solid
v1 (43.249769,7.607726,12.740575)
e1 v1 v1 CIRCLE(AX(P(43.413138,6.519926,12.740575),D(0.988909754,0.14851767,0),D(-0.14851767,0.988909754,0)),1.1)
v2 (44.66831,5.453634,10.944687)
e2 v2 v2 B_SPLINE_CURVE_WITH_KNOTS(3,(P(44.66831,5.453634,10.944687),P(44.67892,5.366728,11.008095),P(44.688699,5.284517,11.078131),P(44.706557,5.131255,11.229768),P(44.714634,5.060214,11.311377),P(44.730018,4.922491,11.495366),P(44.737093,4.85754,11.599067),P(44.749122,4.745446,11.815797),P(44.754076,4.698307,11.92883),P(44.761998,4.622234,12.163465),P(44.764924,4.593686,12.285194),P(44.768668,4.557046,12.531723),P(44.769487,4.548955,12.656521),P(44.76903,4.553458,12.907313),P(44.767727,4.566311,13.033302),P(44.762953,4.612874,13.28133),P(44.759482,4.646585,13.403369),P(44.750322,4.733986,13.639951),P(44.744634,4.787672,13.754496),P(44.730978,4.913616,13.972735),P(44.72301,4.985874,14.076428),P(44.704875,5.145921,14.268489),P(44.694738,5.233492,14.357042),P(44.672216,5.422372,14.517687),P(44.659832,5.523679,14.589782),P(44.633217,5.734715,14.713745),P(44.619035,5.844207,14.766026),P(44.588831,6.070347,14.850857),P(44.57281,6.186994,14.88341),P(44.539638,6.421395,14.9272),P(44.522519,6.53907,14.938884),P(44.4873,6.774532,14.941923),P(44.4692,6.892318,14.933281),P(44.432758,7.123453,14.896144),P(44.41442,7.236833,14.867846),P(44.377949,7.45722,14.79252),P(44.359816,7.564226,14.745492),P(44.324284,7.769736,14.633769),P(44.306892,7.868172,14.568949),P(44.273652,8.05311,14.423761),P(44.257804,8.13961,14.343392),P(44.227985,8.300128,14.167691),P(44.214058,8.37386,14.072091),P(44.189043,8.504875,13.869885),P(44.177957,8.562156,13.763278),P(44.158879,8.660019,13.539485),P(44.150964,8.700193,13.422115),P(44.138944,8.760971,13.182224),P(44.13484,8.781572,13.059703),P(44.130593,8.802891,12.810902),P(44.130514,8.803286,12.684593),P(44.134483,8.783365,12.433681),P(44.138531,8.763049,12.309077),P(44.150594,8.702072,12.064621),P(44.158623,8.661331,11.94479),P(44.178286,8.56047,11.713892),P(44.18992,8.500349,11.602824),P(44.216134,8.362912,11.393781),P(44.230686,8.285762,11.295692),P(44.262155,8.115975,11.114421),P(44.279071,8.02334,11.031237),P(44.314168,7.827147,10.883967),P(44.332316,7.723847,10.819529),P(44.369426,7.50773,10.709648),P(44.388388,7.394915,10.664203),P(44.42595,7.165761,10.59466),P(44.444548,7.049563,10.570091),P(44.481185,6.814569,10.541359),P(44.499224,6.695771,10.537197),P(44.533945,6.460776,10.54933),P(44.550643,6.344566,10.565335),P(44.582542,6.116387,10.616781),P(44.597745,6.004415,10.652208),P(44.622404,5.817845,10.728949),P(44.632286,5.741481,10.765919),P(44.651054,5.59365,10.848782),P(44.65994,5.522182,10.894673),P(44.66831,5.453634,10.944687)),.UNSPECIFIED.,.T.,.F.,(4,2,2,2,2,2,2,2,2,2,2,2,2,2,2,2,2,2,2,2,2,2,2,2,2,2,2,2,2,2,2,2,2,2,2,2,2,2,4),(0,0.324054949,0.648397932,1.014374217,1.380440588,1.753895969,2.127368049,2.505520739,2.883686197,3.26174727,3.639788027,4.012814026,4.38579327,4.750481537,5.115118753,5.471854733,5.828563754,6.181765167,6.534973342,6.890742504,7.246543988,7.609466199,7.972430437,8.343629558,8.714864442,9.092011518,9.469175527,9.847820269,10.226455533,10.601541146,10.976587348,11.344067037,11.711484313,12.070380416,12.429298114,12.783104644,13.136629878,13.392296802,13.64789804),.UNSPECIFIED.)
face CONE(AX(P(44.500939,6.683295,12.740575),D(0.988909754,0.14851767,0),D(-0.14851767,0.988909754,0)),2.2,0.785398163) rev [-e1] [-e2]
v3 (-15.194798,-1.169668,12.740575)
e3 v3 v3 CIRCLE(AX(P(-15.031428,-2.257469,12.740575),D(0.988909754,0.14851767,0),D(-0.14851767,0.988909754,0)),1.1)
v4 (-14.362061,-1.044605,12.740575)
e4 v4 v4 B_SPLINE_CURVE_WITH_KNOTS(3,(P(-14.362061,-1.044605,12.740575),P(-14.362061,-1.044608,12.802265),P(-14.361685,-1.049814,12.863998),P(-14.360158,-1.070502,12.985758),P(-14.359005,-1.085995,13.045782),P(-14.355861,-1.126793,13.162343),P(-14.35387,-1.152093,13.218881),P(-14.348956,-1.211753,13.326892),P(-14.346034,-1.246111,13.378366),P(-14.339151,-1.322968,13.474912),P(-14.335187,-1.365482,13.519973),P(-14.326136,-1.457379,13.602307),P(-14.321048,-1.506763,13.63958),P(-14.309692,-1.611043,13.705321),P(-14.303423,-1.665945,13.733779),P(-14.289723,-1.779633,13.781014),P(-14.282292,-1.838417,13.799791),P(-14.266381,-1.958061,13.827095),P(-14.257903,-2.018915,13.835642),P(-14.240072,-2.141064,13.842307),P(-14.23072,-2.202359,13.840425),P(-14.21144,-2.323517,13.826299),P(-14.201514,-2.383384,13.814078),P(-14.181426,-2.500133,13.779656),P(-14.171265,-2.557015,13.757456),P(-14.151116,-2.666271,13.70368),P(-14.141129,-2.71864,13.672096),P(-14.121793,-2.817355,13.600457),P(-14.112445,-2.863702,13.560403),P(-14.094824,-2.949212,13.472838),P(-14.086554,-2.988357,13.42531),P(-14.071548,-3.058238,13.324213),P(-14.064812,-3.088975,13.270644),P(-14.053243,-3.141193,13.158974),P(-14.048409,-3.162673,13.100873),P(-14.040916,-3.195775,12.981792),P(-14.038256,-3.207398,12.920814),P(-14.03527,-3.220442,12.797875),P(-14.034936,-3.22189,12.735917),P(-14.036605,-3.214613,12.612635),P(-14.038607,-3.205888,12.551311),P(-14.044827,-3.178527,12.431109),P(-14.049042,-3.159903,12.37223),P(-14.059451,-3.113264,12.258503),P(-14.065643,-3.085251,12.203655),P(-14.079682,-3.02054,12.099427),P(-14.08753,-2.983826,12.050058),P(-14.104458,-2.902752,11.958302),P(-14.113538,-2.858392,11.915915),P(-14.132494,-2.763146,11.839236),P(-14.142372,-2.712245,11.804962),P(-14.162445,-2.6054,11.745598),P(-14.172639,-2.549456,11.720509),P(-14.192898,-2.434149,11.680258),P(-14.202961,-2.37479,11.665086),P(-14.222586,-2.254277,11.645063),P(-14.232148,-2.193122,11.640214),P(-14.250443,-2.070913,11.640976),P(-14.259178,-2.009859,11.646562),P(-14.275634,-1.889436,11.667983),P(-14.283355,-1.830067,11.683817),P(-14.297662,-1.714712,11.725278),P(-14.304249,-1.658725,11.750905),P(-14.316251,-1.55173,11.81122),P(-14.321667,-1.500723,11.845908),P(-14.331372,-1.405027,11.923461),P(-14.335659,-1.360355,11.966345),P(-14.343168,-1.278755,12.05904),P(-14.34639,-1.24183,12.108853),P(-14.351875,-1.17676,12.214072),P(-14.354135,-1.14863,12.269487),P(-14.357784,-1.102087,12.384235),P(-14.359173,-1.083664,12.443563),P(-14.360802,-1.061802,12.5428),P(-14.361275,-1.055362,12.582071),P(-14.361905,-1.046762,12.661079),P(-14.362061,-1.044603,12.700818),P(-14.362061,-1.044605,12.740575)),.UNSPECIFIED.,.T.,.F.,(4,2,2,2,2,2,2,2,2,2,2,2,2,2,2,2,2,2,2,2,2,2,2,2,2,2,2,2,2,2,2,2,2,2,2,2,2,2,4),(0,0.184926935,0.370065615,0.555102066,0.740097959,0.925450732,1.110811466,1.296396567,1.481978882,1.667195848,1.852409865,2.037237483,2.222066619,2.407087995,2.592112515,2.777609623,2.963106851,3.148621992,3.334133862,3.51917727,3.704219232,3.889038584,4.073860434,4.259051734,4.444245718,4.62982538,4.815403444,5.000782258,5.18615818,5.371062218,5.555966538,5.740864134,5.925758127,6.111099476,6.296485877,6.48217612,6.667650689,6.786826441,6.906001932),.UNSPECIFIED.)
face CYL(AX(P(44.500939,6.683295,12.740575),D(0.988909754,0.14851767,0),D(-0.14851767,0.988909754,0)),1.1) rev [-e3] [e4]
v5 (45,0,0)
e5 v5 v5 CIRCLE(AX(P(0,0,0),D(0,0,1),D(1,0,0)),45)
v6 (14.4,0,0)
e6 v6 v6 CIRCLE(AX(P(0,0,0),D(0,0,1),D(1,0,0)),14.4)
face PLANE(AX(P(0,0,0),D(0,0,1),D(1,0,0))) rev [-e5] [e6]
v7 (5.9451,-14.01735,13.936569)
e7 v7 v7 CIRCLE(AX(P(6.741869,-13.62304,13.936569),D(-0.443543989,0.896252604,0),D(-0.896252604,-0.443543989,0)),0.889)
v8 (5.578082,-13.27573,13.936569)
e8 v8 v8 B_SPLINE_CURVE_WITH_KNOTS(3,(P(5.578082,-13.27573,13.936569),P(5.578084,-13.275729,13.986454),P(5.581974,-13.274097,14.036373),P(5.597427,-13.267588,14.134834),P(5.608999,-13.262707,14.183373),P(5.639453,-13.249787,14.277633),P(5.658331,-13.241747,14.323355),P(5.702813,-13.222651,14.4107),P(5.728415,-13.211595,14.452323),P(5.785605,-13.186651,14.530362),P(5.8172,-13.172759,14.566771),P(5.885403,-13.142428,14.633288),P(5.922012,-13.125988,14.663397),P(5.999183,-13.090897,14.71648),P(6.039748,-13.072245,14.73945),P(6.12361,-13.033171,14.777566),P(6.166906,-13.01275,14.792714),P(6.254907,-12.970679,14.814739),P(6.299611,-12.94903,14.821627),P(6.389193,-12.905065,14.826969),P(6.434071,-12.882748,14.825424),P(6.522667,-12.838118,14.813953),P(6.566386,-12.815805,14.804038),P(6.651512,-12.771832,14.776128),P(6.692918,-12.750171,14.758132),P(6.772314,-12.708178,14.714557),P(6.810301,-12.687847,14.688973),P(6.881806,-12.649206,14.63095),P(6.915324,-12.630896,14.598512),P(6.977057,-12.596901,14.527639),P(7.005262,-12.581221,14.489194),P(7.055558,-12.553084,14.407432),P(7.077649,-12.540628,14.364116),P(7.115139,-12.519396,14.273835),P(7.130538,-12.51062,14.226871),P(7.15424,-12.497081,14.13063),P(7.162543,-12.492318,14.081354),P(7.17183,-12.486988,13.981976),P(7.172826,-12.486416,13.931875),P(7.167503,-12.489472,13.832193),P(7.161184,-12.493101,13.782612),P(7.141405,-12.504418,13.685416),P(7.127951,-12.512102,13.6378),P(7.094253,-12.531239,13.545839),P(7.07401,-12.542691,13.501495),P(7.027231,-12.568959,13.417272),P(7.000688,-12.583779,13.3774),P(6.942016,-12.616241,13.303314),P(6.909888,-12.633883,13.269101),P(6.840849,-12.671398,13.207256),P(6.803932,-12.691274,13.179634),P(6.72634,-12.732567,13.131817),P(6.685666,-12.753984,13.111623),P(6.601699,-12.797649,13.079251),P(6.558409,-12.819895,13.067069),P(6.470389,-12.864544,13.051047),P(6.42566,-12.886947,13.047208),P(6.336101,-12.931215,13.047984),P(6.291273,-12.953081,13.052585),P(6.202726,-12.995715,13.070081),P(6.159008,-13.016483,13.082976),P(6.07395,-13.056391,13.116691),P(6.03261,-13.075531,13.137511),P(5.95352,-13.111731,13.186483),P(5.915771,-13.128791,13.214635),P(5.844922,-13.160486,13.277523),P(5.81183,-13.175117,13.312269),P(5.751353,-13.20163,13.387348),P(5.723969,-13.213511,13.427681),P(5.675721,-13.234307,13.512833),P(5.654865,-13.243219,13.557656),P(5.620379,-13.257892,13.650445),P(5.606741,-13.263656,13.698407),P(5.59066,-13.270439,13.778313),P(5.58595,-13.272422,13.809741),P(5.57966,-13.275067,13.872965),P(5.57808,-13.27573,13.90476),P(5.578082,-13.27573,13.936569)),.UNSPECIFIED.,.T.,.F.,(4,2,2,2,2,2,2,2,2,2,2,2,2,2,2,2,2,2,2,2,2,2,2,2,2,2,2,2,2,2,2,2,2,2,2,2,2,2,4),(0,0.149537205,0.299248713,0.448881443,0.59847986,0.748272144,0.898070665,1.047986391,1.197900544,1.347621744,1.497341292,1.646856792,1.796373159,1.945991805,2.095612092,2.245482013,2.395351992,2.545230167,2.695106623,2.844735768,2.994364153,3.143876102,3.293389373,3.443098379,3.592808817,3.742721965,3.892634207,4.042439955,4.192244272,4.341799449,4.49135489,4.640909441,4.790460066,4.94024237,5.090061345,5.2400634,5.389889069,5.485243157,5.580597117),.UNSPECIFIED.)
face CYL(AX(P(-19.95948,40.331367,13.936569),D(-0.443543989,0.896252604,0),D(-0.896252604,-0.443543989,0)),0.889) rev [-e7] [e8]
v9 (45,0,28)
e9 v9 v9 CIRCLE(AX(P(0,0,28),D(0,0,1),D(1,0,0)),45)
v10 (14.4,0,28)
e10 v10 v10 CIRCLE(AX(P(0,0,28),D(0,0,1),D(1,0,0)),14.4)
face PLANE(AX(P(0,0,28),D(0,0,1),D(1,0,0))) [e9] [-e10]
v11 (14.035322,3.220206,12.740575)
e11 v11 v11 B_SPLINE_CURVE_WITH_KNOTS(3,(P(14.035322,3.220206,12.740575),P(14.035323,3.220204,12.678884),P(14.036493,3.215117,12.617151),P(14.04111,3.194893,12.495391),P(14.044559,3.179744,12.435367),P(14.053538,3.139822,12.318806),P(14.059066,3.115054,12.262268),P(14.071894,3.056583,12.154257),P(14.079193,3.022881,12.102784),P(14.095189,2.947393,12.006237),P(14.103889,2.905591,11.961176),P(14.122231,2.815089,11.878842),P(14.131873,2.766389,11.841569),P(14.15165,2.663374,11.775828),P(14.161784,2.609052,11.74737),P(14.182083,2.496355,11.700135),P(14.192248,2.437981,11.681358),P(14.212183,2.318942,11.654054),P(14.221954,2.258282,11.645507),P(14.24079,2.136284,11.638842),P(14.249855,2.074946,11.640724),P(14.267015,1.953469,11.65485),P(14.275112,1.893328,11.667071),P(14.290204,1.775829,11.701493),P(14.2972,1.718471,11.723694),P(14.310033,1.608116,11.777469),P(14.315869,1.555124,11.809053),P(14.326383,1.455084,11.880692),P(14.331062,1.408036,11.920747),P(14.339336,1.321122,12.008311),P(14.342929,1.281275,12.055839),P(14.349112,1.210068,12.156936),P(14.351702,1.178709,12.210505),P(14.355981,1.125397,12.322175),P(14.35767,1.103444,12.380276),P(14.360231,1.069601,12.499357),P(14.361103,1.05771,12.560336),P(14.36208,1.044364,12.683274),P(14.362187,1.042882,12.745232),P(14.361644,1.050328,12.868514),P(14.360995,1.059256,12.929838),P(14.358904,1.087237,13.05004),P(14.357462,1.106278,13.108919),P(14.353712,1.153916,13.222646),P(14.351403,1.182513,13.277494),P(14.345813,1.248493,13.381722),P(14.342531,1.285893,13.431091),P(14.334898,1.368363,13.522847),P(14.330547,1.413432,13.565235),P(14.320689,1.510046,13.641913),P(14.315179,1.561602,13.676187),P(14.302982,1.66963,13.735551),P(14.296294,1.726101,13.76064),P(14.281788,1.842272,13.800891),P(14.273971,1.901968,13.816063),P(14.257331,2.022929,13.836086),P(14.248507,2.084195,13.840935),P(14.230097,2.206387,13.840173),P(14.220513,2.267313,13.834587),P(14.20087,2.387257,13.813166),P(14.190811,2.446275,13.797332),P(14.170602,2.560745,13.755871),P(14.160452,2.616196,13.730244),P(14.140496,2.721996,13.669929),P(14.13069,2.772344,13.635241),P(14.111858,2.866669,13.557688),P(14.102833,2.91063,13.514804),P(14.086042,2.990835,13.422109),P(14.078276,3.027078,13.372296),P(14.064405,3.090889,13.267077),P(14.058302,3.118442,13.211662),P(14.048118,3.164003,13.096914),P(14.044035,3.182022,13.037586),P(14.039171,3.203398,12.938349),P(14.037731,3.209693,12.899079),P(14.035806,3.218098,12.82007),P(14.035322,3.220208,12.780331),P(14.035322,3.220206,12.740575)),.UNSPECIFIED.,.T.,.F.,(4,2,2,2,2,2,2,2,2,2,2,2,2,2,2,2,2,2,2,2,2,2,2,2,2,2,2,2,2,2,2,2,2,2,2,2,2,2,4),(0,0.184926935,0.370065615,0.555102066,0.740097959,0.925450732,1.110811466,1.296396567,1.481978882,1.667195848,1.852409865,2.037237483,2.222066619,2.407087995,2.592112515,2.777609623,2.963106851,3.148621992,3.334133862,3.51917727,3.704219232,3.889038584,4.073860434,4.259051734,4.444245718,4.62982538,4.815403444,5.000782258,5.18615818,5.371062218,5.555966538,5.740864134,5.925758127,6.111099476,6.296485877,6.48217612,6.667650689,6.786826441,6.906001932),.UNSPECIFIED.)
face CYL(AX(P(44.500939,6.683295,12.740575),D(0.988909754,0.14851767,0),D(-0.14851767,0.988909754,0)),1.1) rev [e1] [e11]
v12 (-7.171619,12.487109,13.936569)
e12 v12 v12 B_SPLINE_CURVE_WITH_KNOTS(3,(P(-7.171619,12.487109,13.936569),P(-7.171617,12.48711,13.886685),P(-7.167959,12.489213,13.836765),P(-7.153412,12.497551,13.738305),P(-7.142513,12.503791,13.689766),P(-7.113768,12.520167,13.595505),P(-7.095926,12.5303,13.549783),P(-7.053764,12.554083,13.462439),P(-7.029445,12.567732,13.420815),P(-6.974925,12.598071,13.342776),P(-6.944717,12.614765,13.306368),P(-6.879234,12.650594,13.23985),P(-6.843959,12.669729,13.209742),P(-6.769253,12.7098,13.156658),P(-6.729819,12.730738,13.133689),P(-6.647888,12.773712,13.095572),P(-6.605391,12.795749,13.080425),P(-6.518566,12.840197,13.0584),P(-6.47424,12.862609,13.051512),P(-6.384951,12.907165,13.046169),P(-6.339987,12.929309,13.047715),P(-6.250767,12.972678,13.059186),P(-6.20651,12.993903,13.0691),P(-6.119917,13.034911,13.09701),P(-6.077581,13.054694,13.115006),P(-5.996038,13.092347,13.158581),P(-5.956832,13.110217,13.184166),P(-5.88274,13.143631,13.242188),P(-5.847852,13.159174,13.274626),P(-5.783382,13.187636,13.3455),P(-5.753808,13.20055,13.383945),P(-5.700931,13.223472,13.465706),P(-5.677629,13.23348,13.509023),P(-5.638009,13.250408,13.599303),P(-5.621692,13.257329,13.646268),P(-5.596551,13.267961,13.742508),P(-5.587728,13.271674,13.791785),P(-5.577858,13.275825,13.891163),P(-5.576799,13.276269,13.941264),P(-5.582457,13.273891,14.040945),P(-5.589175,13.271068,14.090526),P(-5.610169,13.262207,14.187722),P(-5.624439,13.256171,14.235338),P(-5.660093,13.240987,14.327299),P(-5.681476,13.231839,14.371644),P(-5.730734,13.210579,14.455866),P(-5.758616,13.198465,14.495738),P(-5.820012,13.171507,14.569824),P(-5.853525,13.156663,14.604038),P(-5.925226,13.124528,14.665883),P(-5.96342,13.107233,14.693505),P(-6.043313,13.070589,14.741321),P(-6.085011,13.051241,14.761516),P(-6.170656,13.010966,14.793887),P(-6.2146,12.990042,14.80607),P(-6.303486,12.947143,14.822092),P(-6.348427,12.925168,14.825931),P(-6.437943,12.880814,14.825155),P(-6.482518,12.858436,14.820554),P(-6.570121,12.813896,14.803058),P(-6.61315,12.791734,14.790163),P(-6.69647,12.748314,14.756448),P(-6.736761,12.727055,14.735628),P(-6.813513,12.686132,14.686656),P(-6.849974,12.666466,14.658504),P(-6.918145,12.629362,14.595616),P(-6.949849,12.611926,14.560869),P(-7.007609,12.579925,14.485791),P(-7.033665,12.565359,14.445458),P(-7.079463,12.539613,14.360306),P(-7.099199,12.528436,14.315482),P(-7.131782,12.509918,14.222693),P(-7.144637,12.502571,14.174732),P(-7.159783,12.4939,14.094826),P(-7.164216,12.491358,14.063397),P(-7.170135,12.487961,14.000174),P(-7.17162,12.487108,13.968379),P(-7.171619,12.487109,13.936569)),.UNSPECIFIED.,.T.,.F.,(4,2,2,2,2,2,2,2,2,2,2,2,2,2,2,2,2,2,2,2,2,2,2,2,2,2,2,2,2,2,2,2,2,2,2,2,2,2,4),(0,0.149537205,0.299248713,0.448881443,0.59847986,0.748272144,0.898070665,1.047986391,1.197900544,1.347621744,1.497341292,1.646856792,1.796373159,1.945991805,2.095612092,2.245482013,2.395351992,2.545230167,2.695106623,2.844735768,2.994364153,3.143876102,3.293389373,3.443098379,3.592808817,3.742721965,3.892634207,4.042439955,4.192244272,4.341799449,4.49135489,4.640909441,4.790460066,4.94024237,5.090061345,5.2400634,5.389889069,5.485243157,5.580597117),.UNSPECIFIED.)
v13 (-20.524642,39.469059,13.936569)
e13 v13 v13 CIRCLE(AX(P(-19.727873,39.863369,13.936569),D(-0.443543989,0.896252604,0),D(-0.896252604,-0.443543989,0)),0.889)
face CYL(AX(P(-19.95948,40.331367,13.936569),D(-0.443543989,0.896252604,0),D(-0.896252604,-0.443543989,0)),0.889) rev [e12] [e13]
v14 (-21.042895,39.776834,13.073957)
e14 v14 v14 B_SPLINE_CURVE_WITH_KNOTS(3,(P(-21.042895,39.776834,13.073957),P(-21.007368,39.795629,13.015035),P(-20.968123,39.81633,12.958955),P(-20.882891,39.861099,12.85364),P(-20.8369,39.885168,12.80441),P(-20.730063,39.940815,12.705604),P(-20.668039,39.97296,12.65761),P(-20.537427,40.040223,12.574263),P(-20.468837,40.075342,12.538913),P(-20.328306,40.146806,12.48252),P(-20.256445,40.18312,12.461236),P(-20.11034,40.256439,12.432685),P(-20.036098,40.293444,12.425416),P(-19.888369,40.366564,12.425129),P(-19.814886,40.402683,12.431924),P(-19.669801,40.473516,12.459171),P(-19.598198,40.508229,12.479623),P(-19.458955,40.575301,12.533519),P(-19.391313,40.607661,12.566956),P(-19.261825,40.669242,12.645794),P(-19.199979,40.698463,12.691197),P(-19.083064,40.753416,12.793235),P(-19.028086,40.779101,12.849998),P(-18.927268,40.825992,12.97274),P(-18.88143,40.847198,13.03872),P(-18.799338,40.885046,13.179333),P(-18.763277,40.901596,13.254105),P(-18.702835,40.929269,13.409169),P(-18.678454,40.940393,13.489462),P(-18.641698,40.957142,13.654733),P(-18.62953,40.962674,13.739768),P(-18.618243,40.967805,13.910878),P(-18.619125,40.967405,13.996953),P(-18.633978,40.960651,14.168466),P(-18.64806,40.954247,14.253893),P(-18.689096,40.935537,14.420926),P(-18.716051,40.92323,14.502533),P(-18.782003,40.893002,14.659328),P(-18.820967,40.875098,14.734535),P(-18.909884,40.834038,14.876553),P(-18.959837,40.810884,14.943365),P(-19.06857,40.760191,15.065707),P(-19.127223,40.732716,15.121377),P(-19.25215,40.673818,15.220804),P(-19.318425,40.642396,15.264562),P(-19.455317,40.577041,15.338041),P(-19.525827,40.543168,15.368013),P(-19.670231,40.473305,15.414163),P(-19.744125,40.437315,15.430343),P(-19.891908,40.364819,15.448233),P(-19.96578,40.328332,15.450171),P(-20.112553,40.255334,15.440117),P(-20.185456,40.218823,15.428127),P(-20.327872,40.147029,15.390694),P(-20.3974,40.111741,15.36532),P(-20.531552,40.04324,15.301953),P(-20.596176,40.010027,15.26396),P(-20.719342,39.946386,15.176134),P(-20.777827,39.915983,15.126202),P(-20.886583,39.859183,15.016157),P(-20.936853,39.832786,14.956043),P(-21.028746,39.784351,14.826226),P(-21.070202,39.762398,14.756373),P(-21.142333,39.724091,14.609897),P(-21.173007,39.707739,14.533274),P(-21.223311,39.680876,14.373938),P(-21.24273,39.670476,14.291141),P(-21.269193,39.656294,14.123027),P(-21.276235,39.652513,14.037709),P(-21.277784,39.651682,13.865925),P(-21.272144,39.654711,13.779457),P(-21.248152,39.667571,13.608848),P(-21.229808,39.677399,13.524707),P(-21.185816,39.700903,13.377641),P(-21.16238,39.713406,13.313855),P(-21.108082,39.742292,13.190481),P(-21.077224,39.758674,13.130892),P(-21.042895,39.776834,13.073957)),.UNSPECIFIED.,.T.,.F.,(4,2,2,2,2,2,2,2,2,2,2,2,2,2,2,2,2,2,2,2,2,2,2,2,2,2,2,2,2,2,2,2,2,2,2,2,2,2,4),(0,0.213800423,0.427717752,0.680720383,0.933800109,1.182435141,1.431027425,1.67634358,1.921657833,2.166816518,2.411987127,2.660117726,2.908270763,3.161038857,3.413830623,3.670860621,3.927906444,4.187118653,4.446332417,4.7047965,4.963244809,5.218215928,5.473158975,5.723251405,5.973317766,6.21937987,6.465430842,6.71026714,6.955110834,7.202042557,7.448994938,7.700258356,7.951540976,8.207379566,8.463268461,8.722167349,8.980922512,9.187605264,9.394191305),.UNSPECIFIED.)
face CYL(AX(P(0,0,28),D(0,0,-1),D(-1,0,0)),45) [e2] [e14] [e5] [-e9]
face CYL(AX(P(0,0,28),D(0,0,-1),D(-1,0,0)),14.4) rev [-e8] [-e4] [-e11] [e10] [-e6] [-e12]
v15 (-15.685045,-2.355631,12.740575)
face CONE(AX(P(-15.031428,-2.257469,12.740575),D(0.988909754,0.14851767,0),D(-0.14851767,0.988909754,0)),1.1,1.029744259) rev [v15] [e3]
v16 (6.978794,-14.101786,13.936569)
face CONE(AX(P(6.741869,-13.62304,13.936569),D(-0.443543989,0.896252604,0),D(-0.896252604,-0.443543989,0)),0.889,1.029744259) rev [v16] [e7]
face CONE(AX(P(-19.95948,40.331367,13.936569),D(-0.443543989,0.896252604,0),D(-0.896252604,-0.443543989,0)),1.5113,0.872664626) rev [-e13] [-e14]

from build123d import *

# Parameters (mm, degrees)
SKETCH2_R                                         = 45
SKETCH2_R_2                                       = 14.4
BOSS_EXTRUDE1_DEPTH                               = 28
CSK_FOR_M2_FLAT_HEAD_MACHINE_SCREW2_D             = 2.2
CSK_FOR_M2_FLAT_HEAD_MACHINE_SCREW2_DEPTH         = 60.2
CSK_FOR_M2_FLAT_HEAD_MACHINE_SCREW2_CSINK_D       = 4.4
CSK_FOR_M2_FLAT_HEAD_MACHINE_SCREW2_CSINK_ANGLE   = 90
CSK_FOR_M2_FLAT_HEAD_MACHINE_SCREW2_TIP           = 0.660946681
CSK_FOR_0_FLAT_HEAD_MACHINE_SCREW_100_D           = 1.778
CSK_FOR_0_FLAT_HEAD_MACHINE_SCREW_100_DEPTH       = 60.2
CSK_FOR_0_FLAT_HEAD_MACHINE_SCREW_100_CSINK_D     = 3.0226
CSK_FOR_0_FLAT_HEAD_MACHINE_SCREW_100_CSINK_ANGLE = 100
CSK_FOR_0_FLAT_HEAD_MACHINE_SCREW_100_TIP         = 0.53416509


with BuildPart() as part:
    # Sketch2 → Boss-Extrude1 (new body)
    with BuildSketch(Plane.XY):
        Circle(SKETCH2_R)
        Circle(SKETCH2_R_2, mode=Mode.SUBTRACT)
    extrude(amount=BOSS_EXTRUDE1_DEPTH)

    # CSK for M2 Flat Head Machine Screw2
    with Locations(Plane(origin=(44.500938933, 6.683295151, 12.740574547), x_dir=(-0.148517670011, 0.98890975407, 0), z_dir=(0.98890975407, 0.148517670011, 0))):
        with Locations((-1e-09, 0)):
            CounterSinkHole(CSK_FOR_M2_FLAT_HEAD_MACHINE_SCREW2_D / 2, CSK_FOR_M2_FLAT_HEAD_MACHINE_SCREW2_CSINK_D / 2, depth=CSK_FOR_M2_FLAT_HEAD_MACHINE_SCREW2_DEPTH, counter_sink_angle=CSK_FOR_M2_FLAT_HEAD_MACHINE_SCREW2_CSINK_ANGLE)
            with Locations((0, 0, -(CSK_FOR_M2_FLAT_HEAD_MACHINE_SCREW2_DEPTH + CSK_FOR_M2_FLAT_HEAD_MACHINE_SCREW2_TIP / 2))):  # 118° drill point
                Cone(0, CSK_FOR_M2_FLAT_HEAD_MACHINE_SCREW2_D / 2, CSK_FOR_M2_FLAT_HEAD_MACHINE_SCREW2_TIP, mode=Mode.SUBTRACT)

    # CSK for #0 Flat Head Machine Screw (100)1
    with Locations(Plane(origin=(-19.959479504, 40.331367172, 13.936569292), x_dir=(0.896252603816, 0.443543988972, 0), z_dir=(-0.443543988972, 0.896252603816, 0))):
        with Locations((0, 0)):
            CounterSinkHole(CSK_FOR_0_FLAT_HEAD_MACHINE_SCREW_100_D / 2, CSK_FOR_0_FLAT_HEAD_MACHINE_SCREW_100_CSINK_D / 2, depth=CSK_FOR_0_FLAT_HEAD_MACHINE_SCREW_100_DEPTH, counter_sink_angle=CSK_FOR_0_FLAT_HEAD_MACHINE_SCREW_100_CSINK_ANGLE)
            with Locations((0, 0, -(CSK_FOR_0_FLAT_HEAD_MACHINE_SCREW_100_DEPTH + CSK_FOR_0_FLAT_HEAD_MACHINE_SCREW_100_TIP / 2))):  # 118° drill point
                Cone(0, CSK_FOR_0_FLAT_HEAD_MACHINE_SCREW_100_D / 2, CSK_FOR_0_FLAT_HEAD_MACHINE_SCREW_100_TIP, mode=Mode.SUBTRACT)


solid = part.part
